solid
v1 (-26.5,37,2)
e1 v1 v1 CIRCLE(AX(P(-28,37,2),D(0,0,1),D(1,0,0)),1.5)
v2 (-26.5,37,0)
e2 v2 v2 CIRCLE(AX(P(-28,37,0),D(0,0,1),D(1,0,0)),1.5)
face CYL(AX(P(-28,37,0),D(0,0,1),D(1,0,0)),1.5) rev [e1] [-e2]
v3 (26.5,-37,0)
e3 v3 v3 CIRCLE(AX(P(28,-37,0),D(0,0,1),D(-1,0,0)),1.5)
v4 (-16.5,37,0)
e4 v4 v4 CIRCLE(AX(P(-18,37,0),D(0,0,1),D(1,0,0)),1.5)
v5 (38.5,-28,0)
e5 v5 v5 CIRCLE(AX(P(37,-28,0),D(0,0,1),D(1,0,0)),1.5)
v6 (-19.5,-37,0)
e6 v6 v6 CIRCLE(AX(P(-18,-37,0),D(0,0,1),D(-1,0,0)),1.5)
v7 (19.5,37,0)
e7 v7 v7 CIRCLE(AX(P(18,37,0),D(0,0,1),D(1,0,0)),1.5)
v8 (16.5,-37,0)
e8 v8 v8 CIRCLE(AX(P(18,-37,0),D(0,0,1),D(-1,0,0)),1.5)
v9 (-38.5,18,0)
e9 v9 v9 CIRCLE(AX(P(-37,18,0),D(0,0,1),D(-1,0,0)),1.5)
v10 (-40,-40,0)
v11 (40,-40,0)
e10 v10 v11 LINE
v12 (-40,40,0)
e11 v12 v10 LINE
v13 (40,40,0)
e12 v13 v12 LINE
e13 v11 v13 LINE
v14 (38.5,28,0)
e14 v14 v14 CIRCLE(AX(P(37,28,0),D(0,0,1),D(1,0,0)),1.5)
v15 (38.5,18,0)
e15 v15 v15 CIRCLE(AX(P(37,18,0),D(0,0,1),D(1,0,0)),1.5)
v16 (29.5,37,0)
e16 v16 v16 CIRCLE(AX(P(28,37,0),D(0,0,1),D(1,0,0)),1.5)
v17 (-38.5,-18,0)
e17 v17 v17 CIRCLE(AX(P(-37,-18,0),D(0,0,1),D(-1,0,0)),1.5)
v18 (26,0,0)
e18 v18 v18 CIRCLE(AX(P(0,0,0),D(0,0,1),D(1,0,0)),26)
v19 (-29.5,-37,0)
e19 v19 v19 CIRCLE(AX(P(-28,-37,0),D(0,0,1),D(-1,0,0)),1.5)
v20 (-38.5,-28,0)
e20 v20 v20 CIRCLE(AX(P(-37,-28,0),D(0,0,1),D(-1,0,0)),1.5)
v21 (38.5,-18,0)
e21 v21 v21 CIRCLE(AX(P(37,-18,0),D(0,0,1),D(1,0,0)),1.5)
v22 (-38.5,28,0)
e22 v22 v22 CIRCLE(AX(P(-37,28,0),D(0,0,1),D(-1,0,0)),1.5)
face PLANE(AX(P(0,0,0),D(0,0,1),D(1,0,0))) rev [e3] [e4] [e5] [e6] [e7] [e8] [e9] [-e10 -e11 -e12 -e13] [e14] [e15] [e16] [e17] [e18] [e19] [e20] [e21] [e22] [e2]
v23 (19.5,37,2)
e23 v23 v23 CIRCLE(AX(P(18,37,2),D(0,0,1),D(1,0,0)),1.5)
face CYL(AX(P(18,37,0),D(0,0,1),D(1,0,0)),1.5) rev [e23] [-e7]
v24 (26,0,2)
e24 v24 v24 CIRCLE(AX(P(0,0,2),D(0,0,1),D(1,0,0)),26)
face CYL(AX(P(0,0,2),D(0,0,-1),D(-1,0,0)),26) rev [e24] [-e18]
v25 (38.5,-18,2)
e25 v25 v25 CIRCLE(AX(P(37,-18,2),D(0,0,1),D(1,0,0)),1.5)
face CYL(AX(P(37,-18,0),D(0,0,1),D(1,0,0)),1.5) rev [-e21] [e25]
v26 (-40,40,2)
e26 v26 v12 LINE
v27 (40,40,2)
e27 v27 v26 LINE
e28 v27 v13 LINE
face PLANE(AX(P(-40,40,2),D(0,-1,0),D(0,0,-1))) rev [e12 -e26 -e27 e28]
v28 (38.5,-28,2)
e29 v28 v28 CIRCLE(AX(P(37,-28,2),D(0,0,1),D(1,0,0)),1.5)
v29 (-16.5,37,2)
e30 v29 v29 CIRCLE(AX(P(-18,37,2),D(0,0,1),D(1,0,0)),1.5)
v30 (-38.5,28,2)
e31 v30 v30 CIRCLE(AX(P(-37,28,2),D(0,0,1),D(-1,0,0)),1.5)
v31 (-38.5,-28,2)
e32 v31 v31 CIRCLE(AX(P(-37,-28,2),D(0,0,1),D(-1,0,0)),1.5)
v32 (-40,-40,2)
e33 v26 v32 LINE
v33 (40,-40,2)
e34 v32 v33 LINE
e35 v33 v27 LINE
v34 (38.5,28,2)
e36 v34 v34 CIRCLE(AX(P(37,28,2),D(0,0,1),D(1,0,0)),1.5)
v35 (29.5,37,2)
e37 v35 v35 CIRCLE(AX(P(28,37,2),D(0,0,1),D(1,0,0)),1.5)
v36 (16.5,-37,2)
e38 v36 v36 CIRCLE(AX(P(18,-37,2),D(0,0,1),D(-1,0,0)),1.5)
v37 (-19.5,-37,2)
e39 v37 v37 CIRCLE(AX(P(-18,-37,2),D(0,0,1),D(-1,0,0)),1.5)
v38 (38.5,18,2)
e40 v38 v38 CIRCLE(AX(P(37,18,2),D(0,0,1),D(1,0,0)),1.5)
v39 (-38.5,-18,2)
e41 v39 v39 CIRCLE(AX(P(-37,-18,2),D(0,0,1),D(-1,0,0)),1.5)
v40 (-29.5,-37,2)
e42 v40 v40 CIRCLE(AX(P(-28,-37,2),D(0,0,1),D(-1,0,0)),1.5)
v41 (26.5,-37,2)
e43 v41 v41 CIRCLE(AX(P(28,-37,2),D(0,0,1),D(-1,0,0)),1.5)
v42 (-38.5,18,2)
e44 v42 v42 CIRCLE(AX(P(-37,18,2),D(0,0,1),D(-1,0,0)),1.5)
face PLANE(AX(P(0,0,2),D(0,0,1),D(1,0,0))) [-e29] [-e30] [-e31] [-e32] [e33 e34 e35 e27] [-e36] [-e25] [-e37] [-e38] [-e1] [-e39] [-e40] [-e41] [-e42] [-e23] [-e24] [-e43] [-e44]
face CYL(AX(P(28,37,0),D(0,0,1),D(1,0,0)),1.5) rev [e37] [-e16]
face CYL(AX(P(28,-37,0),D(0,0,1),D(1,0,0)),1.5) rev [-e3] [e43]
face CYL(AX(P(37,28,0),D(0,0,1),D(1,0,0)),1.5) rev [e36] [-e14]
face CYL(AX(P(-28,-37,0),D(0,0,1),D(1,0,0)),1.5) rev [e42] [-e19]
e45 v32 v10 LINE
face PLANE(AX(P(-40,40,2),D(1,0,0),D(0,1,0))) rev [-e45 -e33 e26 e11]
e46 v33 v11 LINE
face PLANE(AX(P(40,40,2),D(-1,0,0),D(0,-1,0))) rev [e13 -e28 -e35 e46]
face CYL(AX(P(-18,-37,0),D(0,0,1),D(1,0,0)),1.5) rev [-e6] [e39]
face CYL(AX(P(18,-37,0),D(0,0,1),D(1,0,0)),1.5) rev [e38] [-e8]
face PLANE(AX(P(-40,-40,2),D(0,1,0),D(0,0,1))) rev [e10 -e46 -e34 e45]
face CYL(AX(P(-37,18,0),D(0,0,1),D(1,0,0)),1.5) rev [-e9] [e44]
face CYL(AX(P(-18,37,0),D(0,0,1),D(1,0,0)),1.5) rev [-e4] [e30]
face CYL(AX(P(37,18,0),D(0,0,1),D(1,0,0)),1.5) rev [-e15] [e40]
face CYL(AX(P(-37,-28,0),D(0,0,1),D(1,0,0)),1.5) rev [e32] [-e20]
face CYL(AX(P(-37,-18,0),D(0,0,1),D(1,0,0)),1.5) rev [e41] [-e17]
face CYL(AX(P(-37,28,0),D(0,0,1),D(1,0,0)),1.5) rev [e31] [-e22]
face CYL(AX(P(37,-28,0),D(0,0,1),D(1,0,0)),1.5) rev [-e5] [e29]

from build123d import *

# Parameters (mm, degrees)
SKETCH_1_W          = 80
SKETCH_1_H          = 80
SKETCH_1_R          = 26
EXTRUDE_1_DEPTH     = 2
SKETCH_2_R          = 1.5
CUT_EXTRUDE_1_DEPTH = 57.603886792


with BuildPart() as part:
    # 草图1 → 凸台-拉伸1 (new body)
    with BuildSketch(Plane.XY):
        Rectangle(SKETCH_1_W, SKETCH_1_H)
        Circle(SKETCH_1_R, mode=Mode.SUBTRACT)
    extrude(amount=EXTRUDE_1_DEPTH)

    # 草图2 → 切除-拉伸1 (cut, through all)
    with BuildSketch(Plane.XY.offset(2)):
        with Locations((37, 28)):
            Circle(SKETCH_2_R)
        with Locations((37, 18)):
            Circle(SKETCH_2_R)
        with Locations((37, -18)):
            Circle(SKETCH_2_R)
        with Locations((37, -28)):
            Circle(SKETCH_2_R)
        with Locations(Location((-37, -28, 0), (0, 0, 180))):
            Circle(SKETCH_2_R)
        with Locations(Location((-37, -18, 0), (0, 0, 180))):
            Circle(SKETCH_2_R)
        with Locations(Location((-37, 18, 0), (0, 0, 180))):
            Circle(SKETCH_2_R)
        with Locations(Location((-37, 28, 0), (0, 0, 180))):
            Circle(SKETCH_2_R)
        with Locations((-28, 37)):
            Circle(SKETCH_2_R)
        with Locations((-18, 37)):
            Circle(SKETCH_2_R)
        with Locations((18, 37)):
            Circle(SKETCH_2_R)
        with Locations((28, 37)):
            Circle(SKETCH_2_R)
        with Locations(Location((28, -37, 0), (0, 0, 180))):
            Circle(SKETCH_2_R)
        with Locations(Location((18, -37, 0), (0, 0, 180))):
            Circle(SKETCH_2_R)
        with Locations(Location((-18, -37, 0), (0, 0, 180))):
            Circle(SKETCH_2_R)
        with Locations(Location((-28, -37, 0), (0, 0, 180))):
            Circle(SKETCH_2_R)
    extrude(amount=-CUT_EXTRUDE_1_DEPTH, mode=Mode.SUBTRACT)


solid = part.part
